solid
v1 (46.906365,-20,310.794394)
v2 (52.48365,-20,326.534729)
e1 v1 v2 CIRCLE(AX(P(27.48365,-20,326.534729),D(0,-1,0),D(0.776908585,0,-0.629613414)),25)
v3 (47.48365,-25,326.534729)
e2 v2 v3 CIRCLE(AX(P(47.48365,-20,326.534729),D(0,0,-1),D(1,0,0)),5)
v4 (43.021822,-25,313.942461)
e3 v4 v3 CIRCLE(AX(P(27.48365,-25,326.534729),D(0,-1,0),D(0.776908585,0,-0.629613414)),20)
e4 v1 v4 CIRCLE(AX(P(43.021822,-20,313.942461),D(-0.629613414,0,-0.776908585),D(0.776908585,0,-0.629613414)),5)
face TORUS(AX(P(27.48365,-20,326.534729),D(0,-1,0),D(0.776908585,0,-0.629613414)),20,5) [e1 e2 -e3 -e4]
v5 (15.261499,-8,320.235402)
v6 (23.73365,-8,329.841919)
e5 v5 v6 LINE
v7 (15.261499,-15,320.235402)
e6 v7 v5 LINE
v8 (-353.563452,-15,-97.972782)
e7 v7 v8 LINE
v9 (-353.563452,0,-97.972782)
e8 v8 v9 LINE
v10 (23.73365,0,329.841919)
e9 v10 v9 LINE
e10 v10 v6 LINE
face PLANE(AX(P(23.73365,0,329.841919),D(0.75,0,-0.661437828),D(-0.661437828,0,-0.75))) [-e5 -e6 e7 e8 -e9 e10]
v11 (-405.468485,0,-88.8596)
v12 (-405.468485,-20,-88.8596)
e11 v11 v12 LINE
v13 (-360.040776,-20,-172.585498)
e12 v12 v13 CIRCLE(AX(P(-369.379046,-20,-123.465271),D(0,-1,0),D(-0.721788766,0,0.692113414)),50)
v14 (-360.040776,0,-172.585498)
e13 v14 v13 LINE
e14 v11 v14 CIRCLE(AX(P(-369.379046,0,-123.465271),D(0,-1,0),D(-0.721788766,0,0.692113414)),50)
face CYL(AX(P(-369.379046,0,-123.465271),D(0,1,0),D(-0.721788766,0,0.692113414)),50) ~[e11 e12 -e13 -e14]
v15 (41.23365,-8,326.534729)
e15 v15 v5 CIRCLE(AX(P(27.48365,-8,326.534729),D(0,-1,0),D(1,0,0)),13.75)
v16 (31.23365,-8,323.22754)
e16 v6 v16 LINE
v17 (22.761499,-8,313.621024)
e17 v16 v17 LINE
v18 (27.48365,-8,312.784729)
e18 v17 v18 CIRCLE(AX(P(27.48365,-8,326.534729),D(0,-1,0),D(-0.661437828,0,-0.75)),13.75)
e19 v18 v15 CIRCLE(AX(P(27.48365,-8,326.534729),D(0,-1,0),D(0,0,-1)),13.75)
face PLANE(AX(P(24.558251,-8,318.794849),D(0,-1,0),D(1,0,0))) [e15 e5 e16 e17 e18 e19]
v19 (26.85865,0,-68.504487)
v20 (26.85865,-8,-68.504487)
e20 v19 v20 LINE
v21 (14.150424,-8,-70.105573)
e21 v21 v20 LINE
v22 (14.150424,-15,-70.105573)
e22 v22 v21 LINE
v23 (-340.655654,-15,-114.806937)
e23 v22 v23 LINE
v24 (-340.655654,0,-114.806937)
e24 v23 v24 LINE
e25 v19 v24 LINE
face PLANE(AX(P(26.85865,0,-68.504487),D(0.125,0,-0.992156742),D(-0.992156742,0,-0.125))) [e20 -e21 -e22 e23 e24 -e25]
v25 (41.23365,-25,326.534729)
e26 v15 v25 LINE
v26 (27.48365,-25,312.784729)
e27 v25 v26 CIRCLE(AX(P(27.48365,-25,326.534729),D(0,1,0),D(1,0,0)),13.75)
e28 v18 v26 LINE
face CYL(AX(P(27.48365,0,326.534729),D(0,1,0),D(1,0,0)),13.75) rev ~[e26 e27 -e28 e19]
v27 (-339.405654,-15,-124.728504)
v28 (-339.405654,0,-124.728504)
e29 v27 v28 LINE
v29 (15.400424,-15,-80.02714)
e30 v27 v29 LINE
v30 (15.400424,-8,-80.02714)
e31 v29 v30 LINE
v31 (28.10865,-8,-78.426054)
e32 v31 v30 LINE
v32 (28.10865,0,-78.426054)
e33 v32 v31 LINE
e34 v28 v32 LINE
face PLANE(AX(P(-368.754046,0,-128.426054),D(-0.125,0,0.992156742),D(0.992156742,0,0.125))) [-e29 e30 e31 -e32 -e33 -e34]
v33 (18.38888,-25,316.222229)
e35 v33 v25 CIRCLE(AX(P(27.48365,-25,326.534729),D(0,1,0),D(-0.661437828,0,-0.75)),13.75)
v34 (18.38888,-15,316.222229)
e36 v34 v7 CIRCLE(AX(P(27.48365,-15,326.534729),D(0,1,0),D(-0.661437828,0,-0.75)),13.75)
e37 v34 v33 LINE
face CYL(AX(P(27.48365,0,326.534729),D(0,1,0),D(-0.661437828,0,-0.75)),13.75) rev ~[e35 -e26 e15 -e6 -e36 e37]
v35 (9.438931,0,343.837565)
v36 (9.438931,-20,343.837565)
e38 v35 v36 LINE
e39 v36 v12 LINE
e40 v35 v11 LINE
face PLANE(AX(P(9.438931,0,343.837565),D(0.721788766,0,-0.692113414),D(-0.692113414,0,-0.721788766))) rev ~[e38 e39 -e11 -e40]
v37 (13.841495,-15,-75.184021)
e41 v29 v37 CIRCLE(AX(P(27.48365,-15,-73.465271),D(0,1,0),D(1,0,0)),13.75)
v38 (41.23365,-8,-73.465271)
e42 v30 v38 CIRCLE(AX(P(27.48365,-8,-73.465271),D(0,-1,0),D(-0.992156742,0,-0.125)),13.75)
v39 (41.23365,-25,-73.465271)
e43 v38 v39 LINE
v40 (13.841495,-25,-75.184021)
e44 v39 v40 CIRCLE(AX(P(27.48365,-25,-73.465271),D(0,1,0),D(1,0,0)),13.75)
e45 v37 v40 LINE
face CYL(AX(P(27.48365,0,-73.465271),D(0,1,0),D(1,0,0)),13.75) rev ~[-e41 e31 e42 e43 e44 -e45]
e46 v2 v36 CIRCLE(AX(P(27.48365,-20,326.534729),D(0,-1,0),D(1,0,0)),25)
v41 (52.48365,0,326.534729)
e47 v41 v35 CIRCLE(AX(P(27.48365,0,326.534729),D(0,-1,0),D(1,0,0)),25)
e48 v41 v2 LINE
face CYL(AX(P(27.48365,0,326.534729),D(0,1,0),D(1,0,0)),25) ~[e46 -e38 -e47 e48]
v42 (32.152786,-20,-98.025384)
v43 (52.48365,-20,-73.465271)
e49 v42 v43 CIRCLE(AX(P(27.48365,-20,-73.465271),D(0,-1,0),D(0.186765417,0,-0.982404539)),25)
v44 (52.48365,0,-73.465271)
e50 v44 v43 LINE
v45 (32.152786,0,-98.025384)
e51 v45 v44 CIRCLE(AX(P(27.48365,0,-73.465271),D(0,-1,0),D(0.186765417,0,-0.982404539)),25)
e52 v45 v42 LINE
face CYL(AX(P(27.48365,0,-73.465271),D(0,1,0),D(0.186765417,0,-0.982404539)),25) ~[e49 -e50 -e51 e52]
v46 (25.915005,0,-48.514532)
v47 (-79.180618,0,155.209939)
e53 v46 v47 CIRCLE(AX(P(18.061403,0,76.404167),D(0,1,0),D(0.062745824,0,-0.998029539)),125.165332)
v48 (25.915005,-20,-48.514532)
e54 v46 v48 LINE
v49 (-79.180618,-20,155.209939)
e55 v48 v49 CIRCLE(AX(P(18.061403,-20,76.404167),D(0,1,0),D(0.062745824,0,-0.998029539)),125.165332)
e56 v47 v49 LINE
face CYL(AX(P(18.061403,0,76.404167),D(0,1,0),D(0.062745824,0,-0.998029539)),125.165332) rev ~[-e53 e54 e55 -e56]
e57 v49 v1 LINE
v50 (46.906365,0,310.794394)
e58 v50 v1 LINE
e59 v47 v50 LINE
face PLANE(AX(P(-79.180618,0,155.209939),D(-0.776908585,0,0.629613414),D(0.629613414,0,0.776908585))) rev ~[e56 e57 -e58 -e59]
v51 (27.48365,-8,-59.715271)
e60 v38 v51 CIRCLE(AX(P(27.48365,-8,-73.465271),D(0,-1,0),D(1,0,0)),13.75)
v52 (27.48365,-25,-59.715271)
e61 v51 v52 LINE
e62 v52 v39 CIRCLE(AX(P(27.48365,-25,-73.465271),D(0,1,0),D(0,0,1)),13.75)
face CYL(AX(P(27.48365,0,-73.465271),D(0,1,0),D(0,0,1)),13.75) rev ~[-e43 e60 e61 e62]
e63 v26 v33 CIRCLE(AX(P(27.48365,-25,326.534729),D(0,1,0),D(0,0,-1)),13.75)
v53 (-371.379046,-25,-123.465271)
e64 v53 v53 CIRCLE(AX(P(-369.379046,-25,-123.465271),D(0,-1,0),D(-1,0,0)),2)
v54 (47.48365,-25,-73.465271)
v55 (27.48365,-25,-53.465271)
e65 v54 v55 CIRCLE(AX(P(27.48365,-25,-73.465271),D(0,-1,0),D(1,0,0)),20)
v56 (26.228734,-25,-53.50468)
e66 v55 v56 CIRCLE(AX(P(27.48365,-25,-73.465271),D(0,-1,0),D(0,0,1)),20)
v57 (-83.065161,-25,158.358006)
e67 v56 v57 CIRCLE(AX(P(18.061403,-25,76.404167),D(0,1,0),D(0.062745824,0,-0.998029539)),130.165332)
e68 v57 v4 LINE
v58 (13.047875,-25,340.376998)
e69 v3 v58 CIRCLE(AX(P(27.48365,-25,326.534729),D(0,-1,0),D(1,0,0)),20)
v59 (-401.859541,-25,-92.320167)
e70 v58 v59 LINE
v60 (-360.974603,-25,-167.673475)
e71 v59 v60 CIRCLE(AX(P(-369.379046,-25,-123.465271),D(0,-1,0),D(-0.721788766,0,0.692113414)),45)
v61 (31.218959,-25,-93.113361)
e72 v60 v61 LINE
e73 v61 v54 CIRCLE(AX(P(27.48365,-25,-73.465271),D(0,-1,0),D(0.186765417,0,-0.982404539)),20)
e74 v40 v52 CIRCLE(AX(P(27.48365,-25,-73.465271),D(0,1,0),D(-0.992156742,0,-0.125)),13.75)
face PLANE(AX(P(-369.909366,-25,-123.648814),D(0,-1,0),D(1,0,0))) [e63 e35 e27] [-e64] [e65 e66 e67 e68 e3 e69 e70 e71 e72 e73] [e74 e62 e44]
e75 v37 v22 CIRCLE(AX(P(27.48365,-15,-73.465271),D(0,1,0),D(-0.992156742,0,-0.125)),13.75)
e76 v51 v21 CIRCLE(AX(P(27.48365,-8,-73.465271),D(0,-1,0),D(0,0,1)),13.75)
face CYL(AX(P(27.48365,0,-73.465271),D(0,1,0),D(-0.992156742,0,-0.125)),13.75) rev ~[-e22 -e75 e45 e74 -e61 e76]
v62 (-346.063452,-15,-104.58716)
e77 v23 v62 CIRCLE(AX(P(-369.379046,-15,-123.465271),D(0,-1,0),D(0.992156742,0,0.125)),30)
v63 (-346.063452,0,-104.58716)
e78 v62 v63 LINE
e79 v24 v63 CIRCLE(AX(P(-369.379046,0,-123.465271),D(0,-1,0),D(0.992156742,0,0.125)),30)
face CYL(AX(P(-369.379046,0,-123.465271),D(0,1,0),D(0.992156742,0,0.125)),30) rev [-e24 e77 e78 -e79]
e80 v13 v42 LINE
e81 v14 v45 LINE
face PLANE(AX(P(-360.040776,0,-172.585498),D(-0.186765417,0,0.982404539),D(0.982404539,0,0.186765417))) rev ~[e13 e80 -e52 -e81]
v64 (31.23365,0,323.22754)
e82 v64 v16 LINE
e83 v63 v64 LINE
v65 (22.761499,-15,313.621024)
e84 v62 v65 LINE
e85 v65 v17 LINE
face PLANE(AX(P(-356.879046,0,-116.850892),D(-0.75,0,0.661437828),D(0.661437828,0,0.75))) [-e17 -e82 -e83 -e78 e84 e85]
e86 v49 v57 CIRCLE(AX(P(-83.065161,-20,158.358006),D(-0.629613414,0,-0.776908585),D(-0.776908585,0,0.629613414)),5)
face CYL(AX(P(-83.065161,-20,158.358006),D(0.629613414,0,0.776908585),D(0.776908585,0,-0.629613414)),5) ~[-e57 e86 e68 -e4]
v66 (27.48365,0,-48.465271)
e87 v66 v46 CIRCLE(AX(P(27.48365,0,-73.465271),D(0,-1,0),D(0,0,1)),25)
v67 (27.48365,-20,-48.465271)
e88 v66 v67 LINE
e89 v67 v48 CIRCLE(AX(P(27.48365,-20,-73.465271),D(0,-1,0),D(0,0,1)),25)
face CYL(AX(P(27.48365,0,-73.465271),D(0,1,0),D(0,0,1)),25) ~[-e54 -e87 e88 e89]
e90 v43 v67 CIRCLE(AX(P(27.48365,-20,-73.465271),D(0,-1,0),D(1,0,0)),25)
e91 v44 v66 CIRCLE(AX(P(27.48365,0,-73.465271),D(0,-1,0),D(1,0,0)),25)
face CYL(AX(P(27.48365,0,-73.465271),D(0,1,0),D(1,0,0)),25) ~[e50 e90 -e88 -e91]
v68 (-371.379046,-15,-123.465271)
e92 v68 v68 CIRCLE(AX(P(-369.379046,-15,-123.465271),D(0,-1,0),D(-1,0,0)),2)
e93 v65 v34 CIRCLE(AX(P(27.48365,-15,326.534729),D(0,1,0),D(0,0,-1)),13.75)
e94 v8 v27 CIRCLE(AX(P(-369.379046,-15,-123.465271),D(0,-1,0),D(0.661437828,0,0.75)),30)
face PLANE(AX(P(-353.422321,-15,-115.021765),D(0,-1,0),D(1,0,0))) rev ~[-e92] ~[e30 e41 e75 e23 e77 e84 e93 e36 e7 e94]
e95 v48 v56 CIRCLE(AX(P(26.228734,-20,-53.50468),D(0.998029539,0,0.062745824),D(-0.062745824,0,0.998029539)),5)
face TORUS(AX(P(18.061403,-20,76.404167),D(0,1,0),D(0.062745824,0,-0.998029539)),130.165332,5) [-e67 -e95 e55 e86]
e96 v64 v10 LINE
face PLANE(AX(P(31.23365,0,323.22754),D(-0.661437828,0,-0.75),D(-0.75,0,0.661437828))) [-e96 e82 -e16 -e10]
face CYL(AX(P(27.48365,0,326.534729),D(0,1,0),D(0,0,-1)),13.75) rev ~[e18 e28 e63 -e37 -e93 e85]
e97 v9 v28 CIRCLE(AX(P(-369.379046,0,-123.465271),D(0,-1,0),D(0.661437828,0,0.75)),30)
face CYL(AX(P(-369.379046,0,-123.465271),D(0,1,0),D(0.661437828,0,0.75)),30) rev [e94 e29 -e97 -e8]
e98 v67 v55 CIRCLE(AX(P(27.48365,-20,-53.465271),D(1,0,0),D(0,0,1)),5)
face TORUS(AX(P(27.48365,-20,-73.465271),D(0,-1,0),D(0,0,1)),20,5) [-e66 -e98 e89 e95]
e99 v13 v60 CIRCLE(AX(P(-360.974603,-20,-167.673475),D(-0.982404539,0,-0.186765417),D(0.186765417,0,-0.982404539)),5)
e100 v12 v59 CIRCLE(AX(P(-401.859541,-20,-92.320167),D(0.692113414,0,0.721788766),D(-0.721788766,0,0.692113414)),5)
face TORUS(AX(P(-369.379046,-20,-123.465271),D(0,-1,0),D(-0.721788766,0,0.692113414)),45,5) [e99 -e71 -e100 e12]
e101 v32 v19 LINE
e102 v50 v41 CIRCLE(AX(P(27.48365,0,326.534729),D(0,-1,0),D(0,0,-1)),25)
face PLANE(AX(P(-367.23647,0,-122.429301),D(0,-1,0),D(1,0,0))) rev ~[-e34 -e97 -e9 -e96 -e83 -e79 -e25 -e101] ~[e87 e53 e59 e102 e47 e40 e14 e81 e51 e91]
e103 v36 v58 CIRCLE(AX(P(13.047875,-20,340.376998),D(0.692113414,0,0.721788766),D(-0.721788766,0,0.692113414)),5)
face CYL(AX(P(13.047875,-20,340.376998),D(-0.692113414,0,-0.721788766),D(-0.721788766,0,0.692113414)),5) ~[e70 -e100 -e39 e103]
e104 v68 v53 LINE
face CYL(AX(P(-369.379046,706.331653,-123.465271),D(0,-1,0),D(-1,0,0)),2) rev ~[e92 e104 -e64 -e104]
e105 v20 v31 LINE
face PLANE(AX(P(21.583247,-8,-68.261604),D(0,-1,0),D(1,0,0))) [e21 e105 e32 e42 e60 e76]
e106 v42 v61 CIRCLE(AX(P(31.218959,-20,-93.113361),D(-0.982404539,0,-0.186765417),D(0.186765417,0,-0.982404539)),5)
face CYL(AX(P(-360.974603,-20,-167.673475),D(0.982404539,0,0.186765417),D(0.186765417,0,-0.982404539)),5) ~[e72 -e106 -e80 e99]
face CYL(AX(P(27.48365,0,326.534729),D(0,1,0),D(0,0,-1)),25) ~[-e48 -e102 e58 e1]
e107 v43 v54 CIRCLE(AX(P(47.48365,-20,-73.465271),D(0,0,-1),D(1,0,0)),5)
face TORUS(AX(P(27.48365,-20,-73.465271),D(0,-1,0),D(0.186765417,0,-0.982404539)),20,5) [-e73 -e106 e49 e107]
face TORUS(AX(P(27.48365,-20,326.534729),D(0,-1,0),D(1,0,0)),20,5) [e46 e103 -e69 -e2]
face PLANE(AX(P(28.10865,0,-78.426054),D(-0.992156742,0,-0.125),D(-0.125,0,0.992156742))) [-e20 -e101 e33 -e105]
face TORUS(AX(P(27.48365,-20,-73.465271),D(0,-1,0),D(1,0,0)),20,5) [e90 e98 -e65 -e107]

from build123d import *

# Parameters (mm, degrees)
F1_DEPTH = 25
F2_DEPTH = 8
F3_DEPTH = 25
F4_DEPTH = 15
F6_DEPTH = 15
F7_D     = 4
F8_R     = 5


with BuildPart() as f1:
    # F0 (on Front) → F1 (new body)
    with BuildSketch(Plane.XZ):
        with BuildLine():
            Line((-349.5359115523, -100.9652705431), (-336.307154997, -85.9652705431))
            ThreePointArc((-336.307154997, -85.9652705431), (-353.178144257, -76.1627254717), (-372.5163375921, -73.5637935721))
            ThreePointArc((-372.5163375921, -73.5637935721), (-390.430756518, -78.1130324452), (-405.4684846867, -88.8595998648))
            ThreePointArc((-405.4684846867, -88.8595998648), (-413.3268873379, -147.310338704), (-360.0407755432, -172.5854975141))
            ThreePointArc((-360.0407755432, -172.5854975141), (-343.7235260202, -166.3814012494), (-330.5336171349, -154.9459412214))
            ThreePointArc((-330.5336171349, -154.9459412214), (-322.250119692, -140.1645001283), (-319.3790463853, -123.4652705431))
            ThreePointArc((-319.3790463853, -123.4652705431), (-319.4771834235, -120.3341249159), (-319.7712093028, -117.2152705431))
            Line((-319.7712093028, -117.2152705431), (-339.6143441358, -119.7152705431))
            ThreePointArc((-339.6143441358, -119.7152705431), (-339.4379286082, -121.5865831668), (-339.3790463853, -123.4652705431))
            ThreePointArc((-339.3790463853, -123.4652705431), (-396.7221812183, -135.8084053761), (-349.5359115523, -100.9652705431))
        make_face()
        with BuildLine():
            ThreePointArc((-319.7712093028, -117.2152705431), (-325.1848725611, -100.0799118758), (-336.307154997, -85.9652705431))
            Line((-336.307154997, -85.9652705431), (-349.5359115523, -100.9652705431))
            ThreePointArc((-349.5359115523, -100.9652705431), (-342.8625420908, -109.4340553427), (-339.6143441358, -119.7152705431))
            Line((-339.6143441358, -119.7152705431), (-319.7712093028, -117.2152705431))
        make_face()
        with BuildLine():
            Line((-336.307154997, -85.9652705431), (-322.6025679954, -70.4257295315))
            Line((-322.6025679954, -70.4257295315), (-372.5163375921, -73.5637935721))
            ThreePointArc((-372.5163375921, -73.5637935721), (-353.178144257, -76.1627254717), (-336.307154997, -85.9652705431))
        make_face()
        with BuildLine():
            Line((-322.6025679954, -70.4257295315), (10.9477045802, 307.7847294569))
            ThreePointArc((10.9477045802, 307.7847294569), (2.5055132487, 325.4894205434), (9.4389311237, 343.837564796))
            Line((9.4389311237, 343.837564796), (-405.4684846867, -88.8595998648))
            ThreePointArc((-405.4684846867, -88.8595998648), (-390.430756518, -78.1130324452), (-372.5163375921, -73.5637935721))
            Line((-372.5163375921, -73.5637935721), (-322.6025679954, -70.4257295315))
        make_face()
        with BuildLine():
            ThreePointArc((27.4836502744, 301.5347294569), (18.6448155096, 303.1493707896), (10.9477045802, 307.7847294569))
            Line((10.9477045802, 307.7847294569), (-322.6025679954, -70.4257295315))
            Line((-322.6025679954, -70.4257295315), (-258.7862584205, -66.4136168841))
            Line((-258.7862584205, -66.4136168841), (-79.1806184856, 155.209939055))
            Line((-79.1806184856, 155.209939055), (27.4836502744, 286.8278244556))
            Line((27.4836502744, 286.8278244556), (27.4836502744, 301.5347294569))
        make_face()
        with BuildLine():
            Line((-258.7862584205, -66.4136168841), (-322.6025679954, -70.4257295315))
            Line((-322.6025679954, -70.4257295315), (-336.307154997, -85.9652705431))
            ThreePointArc((-336.307154997, -85.9652705431), (-325.1848725611, -100.0799118758), (-319.7712093028, -117.2152705431))
            Line((-319.7712093028, -117.2152705431), (-297.7031676779, -114.4349586354))
            Line((-297.7031676779, -114.4349586354), (-258.7862584205, -66.4136168841))
        make_face()
        with BuildLine():
            Line((-79.1806184856, 155.209939055), (-258.7862584205, -66.4136168841))
            Line((-258.7862584205, -66.4136168841), (25.915004671, -48.5145320576))
            ThreePointArc((25.915004671, -48.5145320576), (-93.174775765, 19.0206064889), (-79.1806184856, 155.209939055))
        make_face()
        with BuildLine():
            Line((13.8414950767, -75.1840205431), (2.6797317332, -76.5902705431))
            ThreePointArc((2.6797317332, -76.5902705431), (12.7792837339, -93.6836187606), (32.1527856955, -98.0253840286))
            ThreePointArc((32.1527856955, -98.0253840286), (46.7414848558, -89.4069080762), (52.4836502744, -73.4652705431))
            ThreePointArc((52.4836502744, -73.4652705431), (45.1613198041, -55.7876010134), (27.4836502744, -48.4652705431))
            Line((27.4836502744, -48.4652705431), (27.4836502744, -59.7152705431))
            ThreePointArc((27.4836502744, -59.7152705431), (37.2063685157, -63.7425523018), (41.2336502744, -73.4652705431))
            ThreePointArc((41.2336502744, -73.4652705431), (28.3447153219, -87.1882828576), (13.8414950767, -75.1840205431))
        make_face()
        with BuildLine():
            Line((2.6797317332, -76.5902705431), (-297.7031676779, -114.4349586354))
            Line((-297.7031676779, -114.4349586354), (-330.5336171349, -154.9459412214))
            ThreePointArc((-330.5336171349, -154.9459412214), (-343.7235260202, -166.3814012494), (-360.0407755432, -172.5854975141))
            Line((-360.0407755432, -172.5854975141), (32.1527856955, -98.0253840286))
            ThreePointArc((32.1527856955, -98.0253840286), (12.7792837339, -93.6836187606), (2.6797317332, -76.5902705431))
        make_face()
        with BuildLine():
            ThreePointArc((27.4836502744, -48.4652705431), (26.6989408177, -48.4775889566), (25.915004671, -48.5145320576))
            ThreePointArc((25.915004671, -48.5145320576), (8.223852566, -57.5260048062), (2.6797317332, -76.5902705431))
            Line((2.6797317332, -76.5902705431), (13.8414950767, -75.1840205431))
            ThreePointArc((13.8414950767, -75.1840205431), (17.1711502744, -64.3705004113), (27.4836502744, -59.7152705431))
            Line((27.4836502744, -59.7152705431), (27.4836502744, -48.4652705431))
        make_face()
        with BuildLine():
            Line((25.915004671, -48.5145320576), (-258.7862584205, -66.4136168841))
            Line((-258.7862584205, -66.4136168841), (-297.7031676779, -114.4349586354))
            Line((-297.7031676779, -114.4349586354), (2.6797317332, -76.5902705431))
            ThreePointArc((2.6797317332, -76.5902705431), (8.223852566, -57.5260048062), (25.915004671, -48.5145320576))
        make_face()
        with BuildLine():
            Line((-297.7031676779, -114.4349586354), (-319.7712093028, -117.2152705431))
            ThreePointArc((-319.7712093028, -117.2152705431), (-319.4771834235, -120.3341249159), (-319.3790463853, -123.4652705431))
            ThreePointArc((-319.3790463853, -123.4652705431), (-322.250119692, -140.1645001283), (-330.5336171349, -154.9459412214))
            Line((-330.5336171349, -154.9459412214), (-297.7031676779, -114.4349586354))
        make_face()
        with BuildLine():
            ThreePointArc((46.9063648996, 310.7943941178), (38.2421728617, 303.9680683893), (27.4836502744, 301.5347294569))
            Line((27.4836502744, 301.5347294569), (27.4836502744, 286.8278244556))
            Line((27.4836502744, 286.8278244556), (46.9063648996, 310.7943941178))
        make_face()
        with BuildLine():
            Line((10.9477045802, 307.7847294569), (18.3888801426, 316.2222294569))
            ThreePointArc((18.3888801426, 316.2222294569), (21.8263801426, 339.0669995887), (41.2336502744, 326.5347294569))
            ThreePointArc((41.2336502744, 326.5347294569), (37.2063685157, 316.8120112156), (27.4836502744, 312.7847294569))
            Line((27.4836502744, 312.7847294569), (27.4836502744, 301.5347294569))
            ThreePointArc((27.4836502744, 301.5347294569), (38.2421728617, 303.9680683893), (46.9063648996, 310.7943941178))
            ThreePointArc((46.9063648996, 310.7943941178), (51.048113621, 318.1851146643), (52.4836502744, 326.5347294569))
            ThreePointArc((52.4836502744, 326.5347294569), (36.8078666284, 349.730828038), (9.4389311237, 343.837564796))
            ThreePointArc((9.4389311237, 343.837564796), (2.5055132487, 325.4894205434), (10.9477045802, 307.7847294569))
        make_face()
        with BuildLine():
            ThreePointArc((27.4836502744, 312.7847294569), (22.6222911537, 313.6727821899), (18.3888801426, 316.2222294569))
            Line((18.3888801426, 316.2222294569), (10.9477045802, 307.7847294569))
            ThreePointArc((10.9477045802, 307.7847294569), (18.6448155096, 303.1493707896), (27.4836502744, 301.5347294569))
            Line((27.4836502744, 301.5347294569), (27.4836502744, 312.7847294569))
        make_face()
    extrude(amount=F1_DEPTH)

    # F0 (on Front) → F2 (join)
    with BuildSketch(Plane.XZ):
        with BuildLine():
            ThreePointArc((27.4836502744, -59.7152705431), (17.1711502744, -64.3705004113), (13.8414950767, -75.1840205431))
            Line((13.8414950767, -75.1840205431), (27.4836502744, -73.4652705431))
            Line((27.4836502744, -73.4652705431), (27.4836502744, -59.7152705431))
        make_face()
        with BuildLine():
            Line((27.4836502744, -73.4652705431), (13.8414950767, -75.1840205431))
            ThreePointArc((13.8414950767, -75.1840205431), (28.3447153219, -87.1882828576), (41.2336502744, -73.4652705431))
            ThreePointArc((41.2336502744, -73.4652705431), (37.2063685157, -63.7425523018), (27.4836502744, -59.7152705431))
            Line((27.4836502744, -59.7152705431), (27.4836502744, -73.4652705431))
        make_face()
        with BuildLine():
            Line((27.4836502744, 312.7847294569), (27.4836502744, 326.5347294569))
            Line((27.4836502744, 326.5347294569), (18.3888801426, 316.2222294569))
            ThreePointArc((18.3888801426, 316.2222294569), (22.6222911537, 313.6727821899), (27.4836502744, 312.7847294569))
        make_face()
        with BuildLine():
            Line((18.3888801426, 316.2222294569), (27.4836502744, 326.5347294569))
            Line((27.4836502744, 326.5347294569), (27.4836502744, 312.7847294569))
            ThreePointArc((27.4836502744, 312.7847294569), (37.2063685157, 316.8120112156), (41.2336502744, 326.5347294569))
            ThreePointArc((41.2336502744, 326.5347294569), (21.8263801426, 339.0669995887), (18.3888801426, 316.2222294569))
        make_face()
    extrude(amount=F2_DEPTH)

    # F0 (on Front) → F3 (join)
    with BuildSketch(Plane.XZ):
        with BuildLine():
            Line((-369.3790463853, -123.4652705431), (-349.5359115523, -100.9652705431))
            ThreePointArc((-349.5359115523, -100.9652705431), (-396.7221812183, -135.8084053761), (-339.3790463853, -123.4652705431))
            ThreePointArc((-339.3790463853, -123.4652705431), (-339.4379286082, -121.5865831668), (-339.6143441358, -119.7152705431))
            Line((-339.6143441358, -119.7152705431), (-369.3790463853, -123.4652705431))
        make_face()
        with BuildLine():
            ThreePointArc((-339.6143441358, -119.7152705431), (-342.8625420908, -109.4340553427), (-349.5359115523, -100.9652705431))
            Line((-349.5359115523, -100.9652705431), (-369.3790463853, -123.4652705431))
            Line((-369.3790463853, -123.4652705431), (-339.6143441358, -119.7152705431))
        make_face()
    extrude(amount=F3_DEPTH)

    # F0 (on Front) → F4 (cut)
    with BuildSketch(Plane.XZ):
        with BuildLine():
            ThreePointArc((-339.6143441358, -119.7152705431), (-342.8625420908, -109.4340553427), (-349.5359115523, -100.9652705431))
            Line((-349.5359115523, -100.9652705431), (-369.3790463853, -123.4652705431))
            Line((-369.3790463853, -123.4652705431), (-339.6143441358, -119.7152705431))
        make_face()
        with BuildLine():
            Line((-369.3790463853, -123.4652705431), (-349.5359115523, -100.9652705431))
            ThreePointArc((-349.5359115523, -100.9652705431), (-396.7221812183, -135.8084053761), (-339.3790463853, -123.4652705431))
            ThreePointArc((-339.3790463853, -123.4652705431), (-339.4379286082, -121.5865831668), (-339.6143441358, -119.7152705431))
            Line((-339.6143441358, -119.7152705431), (-369.3790463853, -123.4652705431))
        make_face()
    extrude(amount=F4_DEPTH, mode=Mode.SUBTRACT)

    # F5 (on Front) → F6 (cut)
    with BuildSketch(Plane.XZ):
        Polygon((-369.3790463853, -123.4652705431), (-368.7540463853, -128.4260542513), (28.1086502744, -78.4260542513), (26.8586502744, -68.5044868349), (-356.8790463853, -116.8508922654), (-365.6290463853, -126.7724596819), align=None)
        Polygon((-373.1290463853, -120.1580814043), (-369.3790463853, -123.4652705431), (-370.0040463853, -118.5044868349), (-356.8790463853, -116.8508922654), (31.2336502744, 323.2275403181), (23.7336502744, 329.8419185957), align=None)
    extrude(amount=F6_DEPTH, mode=Mode.SUBTRACT)

    # F7 (through all)
    with Locations(Plane(origin=(0, 0, 0), x_dir=(1, 0, 0), z_dir=(0, 1, 0))):
        with Locations((-369.3790463853, 123.4652705431)):
            Hole(F7_D / 2)

    # F8
    f8_edges = [f1.edges().sort_by_distance(p)[0] for p in [
        (-198.014777, -25, 127.488982),
    ]]
    fillet(f8_edges, radius=F8_R)


solid = f1.part
